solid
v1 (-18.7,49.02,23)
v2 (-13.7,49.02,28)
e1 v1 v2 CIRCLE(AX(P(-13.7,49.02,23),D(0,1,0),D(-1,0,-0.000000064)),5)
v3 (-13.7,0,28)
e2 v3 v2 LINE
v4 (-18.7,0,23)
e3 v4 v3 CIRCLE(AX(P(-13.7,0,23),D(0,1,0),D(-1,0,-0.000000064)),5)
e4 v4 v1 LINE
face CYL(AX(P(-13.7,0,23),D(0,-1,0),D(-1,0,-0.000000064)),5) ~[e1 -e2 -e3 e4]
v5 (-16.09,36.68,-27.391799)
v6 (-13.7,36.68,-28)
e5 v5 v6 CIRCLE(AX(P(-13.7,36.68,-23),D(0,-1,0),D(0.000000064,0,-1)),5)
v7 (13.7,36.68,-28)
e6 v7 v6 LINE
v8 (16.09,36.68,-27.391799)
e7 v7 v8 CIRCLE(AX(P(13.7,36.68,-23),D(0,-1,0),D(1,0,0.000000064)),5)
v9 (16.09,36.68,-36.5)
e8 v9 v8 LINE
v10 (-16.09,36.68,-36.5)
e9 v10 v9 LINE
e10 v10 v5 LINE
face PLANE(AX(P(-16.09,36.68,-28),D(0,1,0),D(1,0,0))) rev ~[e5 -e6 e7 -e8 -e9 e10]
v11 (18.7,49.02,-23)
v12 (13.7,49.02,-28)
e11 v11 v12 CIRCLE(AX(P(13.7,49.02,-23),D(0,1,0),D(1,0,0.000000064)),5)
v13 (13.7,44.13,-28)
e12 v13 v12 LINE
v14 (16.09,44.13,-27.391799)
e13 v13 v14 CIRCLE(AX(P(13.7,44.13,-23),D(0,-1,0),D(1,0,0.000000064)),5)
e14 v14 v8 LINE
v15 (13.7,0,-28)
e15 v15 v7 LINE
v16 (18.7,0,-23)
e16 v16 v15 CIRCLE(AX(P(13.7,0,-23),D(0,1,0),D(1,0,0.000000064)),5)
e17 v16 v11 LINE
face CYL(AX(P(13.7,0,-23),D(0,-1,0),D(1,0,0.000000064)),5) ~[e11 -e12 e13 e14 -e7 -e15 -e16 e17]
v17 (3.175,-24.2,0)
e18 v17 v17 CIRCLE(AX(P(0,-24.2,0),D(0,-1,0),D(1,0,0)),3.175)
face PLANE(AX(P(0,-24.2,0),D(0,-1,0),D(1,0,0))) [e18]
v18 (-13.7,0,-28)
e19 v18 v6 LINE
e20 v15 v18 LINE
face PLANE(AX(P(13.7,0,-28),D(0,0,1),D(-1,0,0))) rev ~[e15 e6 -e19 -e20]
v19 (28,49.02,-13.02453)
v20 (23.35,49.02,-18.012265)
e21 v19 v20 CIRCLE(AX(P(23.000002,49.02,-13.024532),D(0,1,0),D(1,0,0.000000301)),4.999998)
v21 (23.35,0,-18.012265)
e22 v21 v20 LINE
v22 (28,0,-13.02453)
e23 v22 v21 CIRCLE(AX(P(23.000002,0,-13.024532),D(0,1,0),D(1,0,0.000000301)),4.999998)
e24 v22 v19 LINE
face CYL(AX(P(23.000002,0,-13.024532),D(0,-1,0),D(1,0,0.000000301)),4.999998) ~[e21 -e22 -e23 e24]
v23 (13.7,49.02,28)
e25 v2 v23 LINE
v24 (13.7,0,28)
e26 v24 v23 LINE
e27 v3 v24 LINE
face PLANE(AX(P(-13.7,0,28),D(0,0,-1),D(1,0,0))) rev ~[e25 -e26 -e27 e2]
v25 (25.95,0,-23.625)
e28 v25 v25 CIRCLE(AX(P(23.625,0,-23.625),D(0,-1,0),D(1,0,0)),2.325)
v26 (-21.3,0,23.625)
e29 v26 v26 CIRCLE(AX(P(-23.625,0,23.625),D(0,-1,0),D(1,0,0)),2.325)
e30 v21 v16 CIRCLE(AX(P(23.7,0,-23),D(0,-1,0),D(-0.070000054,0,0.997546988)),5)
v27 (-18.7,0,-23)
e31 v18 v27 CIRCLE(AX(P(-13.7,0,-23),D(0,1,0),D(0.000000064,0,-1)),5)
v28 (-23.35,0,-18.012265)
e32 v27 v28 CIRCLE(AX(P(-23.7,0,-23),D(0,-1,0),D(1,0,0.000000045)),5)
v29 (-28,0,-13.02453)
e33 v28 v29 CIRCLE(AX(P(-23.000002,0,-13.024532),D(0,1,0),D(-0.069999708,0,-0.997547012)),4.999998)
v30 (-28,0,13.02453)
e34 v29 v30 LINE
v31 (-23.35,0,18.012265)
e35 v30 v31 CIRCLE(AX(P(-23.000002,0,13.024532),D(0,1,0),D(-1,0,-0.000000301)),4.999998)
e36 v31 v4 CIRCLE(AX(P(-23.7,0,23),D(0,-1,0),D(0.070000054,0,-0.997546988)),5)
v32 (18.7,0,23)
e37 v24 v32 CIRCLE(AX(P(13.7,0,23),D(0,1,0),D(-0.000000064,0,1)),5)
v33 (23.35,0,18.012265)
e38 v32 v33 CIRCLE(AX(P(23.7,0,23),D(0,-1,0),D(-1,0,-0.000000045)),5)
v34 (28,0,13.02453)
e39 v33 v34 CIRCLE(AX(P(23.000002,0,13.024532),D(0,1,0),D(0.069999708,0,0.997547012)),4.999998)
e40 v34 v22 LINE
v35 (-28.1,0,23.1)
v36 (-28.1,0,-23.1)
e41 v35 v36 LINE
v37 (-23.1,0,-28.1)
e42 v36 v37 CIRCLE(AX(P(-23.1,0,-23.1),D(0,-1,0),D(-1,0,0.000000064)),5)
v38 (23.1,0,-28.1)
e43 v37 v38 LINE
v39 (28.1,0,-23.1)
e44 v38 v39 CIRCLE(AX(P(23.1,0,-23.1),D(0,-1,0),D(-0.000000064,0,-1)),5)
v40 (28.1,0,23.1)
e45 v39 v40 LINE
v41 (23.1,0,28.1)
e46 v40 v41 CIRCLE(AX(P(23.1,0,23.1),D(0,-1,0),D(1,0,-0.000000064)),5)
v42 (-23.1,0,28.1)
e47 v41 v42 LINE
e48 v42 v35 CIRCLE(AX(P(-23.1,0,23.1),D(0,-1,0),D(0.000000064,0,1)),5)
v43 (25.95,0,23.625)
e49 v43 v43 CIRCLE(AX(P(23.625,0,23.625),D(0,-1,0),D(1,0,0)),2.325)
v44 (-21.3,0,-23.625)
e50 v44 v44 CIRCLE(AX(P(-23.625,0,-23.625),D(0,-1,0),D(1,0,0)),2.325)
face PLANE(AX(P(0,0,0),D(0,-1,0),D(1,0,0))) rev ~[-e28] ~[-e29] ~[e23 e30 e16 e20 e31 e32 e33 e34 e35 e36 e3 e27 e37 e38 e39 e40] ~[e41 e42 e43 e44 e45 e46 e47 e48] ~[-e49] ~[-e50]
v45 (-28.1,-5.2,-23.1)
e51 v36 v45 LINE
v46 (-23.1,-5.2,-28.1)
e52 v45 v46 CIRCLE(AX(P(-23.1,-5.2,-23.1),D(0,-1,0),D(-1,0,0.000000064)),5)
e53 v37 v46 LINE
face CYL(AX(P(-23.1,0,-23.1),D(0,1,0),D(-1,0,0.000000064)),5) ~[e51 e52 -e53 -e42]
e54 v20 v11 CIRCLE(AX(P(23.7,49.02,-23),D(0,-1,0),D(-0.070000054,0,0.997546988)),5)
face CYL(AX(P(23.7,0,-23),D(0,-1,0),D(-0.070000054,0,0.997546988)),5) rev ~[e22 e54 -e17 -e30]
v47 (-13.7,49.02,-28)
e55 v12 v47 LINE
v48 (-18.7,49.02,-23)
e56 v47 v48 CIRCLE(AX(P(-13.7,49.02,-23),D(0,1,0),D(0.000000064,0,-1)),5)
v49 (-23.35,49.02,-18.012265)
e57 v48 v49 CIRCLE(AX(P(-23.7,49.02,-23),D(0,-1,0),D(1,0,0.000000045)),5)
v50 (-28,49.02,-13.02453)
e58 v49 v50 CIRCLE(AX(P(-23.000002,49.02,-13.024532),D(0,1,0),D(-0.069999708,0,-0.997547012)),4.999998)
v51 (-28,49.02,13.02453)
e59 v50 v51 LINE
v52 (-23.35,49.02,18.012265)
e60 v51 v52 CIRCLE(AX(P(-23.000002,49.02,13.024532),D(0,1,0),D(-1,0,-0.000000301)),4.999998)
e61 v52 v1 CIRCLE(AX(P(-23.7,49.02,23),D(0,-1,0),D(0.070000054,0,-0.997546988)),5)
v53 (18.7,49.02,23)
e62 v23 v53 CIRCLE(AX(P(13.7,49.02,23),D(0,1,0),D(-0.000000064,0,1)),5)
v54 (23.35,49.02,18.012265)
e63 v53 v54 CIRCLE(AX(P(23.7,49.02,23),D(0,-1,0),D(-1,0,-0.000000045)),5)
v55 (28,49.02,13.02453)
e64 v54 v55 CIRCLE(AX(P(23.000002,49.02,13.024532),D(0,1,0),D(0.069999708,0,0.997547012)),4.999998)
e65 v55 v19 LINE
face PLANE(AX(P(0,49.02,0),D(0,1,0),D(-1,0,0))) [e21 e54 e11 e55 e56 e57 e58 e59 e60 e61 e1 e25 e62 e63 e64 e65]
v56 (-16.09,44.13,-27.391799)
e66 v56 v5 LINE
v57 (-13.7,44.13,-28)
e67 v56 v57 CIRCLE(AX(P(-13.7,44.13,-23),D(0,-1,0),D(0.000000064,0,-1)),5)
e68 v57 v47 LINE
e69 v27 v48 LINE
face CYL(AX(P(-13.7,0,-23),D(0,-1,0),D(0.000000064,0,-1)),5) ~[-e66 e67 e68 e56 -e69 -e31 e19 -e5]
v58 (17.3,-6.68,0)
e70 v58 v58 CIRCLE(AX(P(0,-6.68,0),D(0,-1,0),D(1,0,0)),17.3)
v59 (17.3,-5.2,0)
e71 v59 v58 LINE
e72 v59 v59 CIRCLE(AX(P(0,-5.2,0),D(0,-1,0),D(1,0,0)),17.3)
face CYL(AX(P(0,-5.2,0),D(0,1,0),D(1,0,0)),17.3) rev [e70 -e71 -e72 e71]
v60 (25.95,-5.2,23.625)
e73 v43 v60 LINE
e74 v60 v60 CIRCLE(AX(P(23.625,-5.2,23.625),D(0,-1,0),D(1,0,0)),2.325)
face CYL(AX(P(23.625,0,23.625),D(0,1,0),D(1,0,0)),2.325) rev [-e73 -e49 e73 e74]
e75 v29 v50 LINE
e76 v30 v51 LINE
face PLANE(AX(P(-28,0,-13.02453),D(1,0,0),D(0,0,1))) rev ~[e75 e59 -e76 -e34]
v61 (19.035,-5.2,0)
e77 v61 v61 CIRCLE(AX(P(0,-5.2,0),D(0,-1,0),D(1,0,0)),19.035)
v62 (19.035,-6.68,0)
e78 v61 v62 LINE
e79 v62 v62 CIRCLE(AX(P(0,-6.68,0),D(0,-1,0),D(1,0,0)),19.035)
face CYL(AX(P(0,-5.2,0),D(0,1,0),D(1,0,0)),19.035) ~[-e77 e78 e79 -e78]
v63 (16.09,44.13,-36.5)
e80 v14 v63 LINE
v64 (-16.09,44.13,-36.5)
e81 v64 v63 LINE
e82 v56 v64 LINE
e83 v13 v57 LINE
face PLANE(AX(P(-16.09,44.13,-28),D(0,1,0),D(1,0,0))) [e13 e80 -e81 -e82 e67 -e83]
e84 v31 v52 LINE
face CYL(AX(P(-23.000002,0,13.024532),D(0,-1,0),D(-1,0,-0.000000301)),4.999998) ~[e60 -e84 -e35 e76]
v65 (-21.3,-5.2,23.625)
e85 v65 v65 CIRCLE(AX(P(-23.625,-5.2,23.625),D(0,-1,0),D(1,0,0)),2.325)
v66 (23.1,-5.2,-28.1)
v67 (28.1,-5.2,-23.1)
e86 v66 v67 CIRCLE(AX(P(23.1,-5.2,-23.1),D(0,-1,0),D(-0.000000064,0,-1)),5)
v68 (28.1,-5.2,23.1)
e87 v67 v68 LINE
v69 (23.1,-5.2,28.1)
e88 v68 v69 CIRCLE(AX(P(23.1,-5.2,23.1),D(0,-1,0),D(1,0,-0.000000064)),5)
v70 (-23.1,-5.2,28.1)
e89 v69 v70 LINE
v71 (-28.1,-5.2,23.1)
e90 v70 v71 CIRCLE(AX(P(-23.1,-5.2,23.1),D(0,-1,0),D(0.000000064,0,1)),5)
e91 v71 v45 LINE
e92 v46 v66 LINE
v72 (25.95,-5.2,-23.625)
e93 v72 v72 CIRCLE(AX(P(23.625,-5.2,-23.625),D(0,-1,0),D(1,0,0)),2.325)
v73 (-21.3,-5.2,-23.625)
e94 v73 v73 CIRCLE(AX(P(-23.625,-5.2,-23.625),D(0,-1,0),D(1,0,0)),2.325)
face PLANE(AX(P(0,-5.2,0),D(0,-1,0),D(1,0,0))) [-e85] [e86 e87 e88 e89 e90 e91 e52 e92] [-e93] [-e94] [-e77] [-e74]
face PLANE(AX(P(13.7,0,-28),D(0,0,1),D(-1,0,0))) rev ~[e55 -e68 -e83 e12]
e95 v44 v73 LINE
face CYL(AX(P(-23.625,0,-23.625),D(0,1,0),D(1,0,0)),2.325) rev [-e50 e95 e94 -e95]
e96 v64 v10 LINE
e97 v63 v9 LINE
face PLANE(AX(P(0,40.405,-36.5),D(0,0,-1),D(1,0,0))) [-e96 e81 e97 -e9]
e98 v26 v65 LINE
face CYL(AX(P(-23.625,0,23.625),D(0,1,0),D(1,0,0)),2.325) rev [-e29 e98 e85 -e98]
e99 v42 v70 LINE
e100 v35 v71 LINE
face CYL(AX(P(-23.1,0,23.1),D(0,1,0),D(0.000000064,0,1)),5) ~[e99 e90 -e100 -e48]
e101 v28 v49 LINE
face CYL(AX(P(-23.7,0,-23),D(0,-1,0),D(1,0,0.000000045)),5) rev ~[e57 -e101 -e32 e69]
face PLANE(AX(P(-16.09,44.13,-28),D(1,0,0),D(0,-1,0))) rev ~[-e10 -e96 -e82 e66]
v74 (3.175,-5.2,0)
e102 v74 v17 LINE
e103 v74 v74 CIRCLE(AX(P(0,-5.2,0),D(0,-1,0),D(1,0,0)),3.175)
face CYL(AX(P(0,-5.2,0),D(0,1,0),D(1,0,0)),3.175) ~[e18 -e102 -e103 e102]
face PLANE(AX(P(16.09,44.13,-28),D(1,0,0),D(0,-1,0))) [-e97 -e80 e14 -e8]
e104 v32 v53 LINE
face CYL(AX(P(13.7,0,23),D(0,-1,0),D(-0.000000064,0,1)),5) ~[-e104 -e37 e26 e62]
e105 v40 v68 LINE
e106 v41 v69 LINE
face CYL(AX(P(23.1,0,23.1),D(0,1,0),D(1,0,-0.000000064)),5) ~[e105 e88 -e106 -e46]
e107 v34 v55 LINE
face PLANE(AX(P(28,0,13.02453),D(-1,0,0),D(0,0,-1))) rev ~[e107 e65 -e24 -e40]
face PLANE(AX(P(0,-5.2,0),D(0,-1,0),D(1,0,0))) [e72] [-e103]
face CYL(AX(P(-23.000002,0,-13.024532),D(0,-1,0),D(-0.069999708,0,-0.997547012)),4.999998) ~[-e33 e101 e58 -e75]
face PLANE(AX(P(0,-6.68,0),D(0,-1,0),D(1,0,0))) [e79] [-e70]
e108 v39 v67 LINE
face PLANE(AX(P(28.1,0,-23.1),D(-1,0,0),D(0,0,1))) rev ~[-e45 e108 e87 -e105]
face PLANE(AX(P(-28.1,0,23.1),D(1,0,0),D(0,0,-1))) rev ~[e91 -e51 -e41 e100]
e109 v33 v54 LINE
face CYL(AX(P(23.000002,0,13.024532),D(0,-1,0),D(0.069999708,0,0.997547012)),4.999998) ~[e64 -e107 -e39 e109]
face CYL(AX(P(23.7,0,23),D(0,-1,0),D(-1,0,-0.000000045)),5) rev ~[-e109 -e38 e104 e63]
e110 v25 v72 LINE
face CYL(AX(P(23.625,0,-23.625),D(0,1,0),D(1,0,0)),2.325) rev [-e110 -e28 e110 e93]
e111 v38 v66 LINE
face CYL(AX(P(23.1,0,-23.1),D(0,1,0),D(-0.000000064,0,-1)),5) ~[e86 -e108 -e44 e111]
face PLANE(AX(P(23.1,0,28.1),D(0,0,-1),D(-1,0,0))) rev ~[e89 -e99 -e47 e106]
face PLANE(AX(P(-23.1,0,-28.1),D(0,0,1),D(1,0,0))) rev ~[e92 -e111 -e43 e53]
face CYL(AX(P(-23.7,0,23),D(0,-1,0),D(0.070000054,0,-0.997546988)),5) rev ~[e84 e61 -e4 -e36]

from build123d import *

# Parameters (mm, degrees)
F0_R     = 2.325
F1_DEPTH = 5.2
F2_R     = 19.035
F2_R_2   = 17.3
F3_DEPTH = 1.48
F6_DEPTH = 49.02
F4_R     = 3.175
F7_DEPTH = 19
F8_W     = 32.18
F8_H     = 7.45
F9_DEPTH = 8.5


with BuildPart() as f1:
    # F0 (on Front) → F1 (new body)
    with BuildSketch(Plane.XZ):
        with BuildLine():
            ThreePointArc((28.1, 23.1), (26.635534, 26.635534), (23.1, 28.1))
            Line((23.1, 28.1), (-23.1, 28.1))
            ThreePointArc((-23.1, 28.1), (-26.635534, 26.635534), (-28.1, 23.1))
            Line((-28.1, 23.1), (-28.1, -23.1))
            ThreePointArc((-28.1, -23.1), (-26.635534, -26.635534), (-23.1, -28.1))
            Line((-23.1, -28.1), (23.1, -28.1))
            ThreePointArc((23.1, -28.1), (26.635534, -26.635534), (28.1, -23.1))
            Line((28.1, -23.1), (28.1, 23.1))
        make_face()
        with Locations((-23.625, -23.625)):
            Circle(F0_R, mode=Mode.SUBTRACT)
        with Locations((23.625, -23.625)):
            Circle(F0_R, mode=Mode.SUBTRACT)
        with Locations((-23.625, 23.625)):
            Circle(F0_R, mode=Mode.SUBTRACT)
        with Locations((23.625, 23.625)):
            Circle(F0_R, mode=Mode.SUBTRACT)
    extrude(amount=F1_DEPTH)

    # F2 (on face) → F3 (join)
    with BuildSketch(Plane.XZ.offset(5.2)):
        Circle(F2_R)
        Circle(F2_R_2, mode=Mode.SUBTRACT)
    extrude(amount=F3_DEPTH)

    # F5 (on face) → F6 (join)
    with BuildSketch(Plane(origin=(0, 0, 0), x_dir=(-1, 0, 0), z_dir=(0, 1, 0))):
        with BuildLine():
            Line((13.7, 28), (-13.7, 28))
            ThreePointArc((-13.7, 28), (-17.235534, 26.535534), (-18.7, 23))
            ThreePointArc((-18.7, 23), (-20.042815, 19.590455), (-23.35, 18.012265))
            ThreePointArc((-23.35, 18.012265), (-26.657185, 16.434076), (-28, 13.02453))
            Line((-28, 13.02453), (-28, -13.02453))
            ThreePointArc((-28, -13.02453), (-26.657185, -16.434076), (-23.35, -18.012265))
            ThreePointArc((-23.35, -18.012265), (-20.042815, -19.590455), (-18.7, -23))
            ThreePointArc((-18.7, -23), (-17.235534, -26.535534), (-13.7, -28))
            Line((-13.7, -28), (13.7, -28))
            ThreePointArc((13.7, -28), (17.235534, -26.535534), (18.7, -23))
            ThreePointArc((18.7, -23), (20.042815, -19.590455), (23.35, -18.012265))
            ThreePointArc((23.35, -18.012265), (26.657185, -16.434076), (28, -13.02453))
            Line((28, -13.02453), (28, 13.02453))
            ThreePointArc((28, 13.02453), (26.657185, 16.434076), (23.35, 18.012265))
            ThreePointArc((23.35, 18.012265), (20.042815, 19.590455), (18.7, 23))
            ThreePointArc((18.7, 23), (17.235534, 26.535534), (13.7, 28))
        make_face()
    extrude(amount=F6_DEPTH)

    # F4 (on face) → F7 (join)
    with BuildSketch(Plane.XZ.offset(5.2)):
        Circle(F4_R)
    extrude(amount=F7_DEPTH)

    # F8 (on face) → F9 (join, symmetric)
    with BuildSketch(Plane(origin=(0, 0, -28), x_dir=(1, 0, 0), z_dir=(0, 0, -1))):
        with Locations((0, -40.405)):
            Rectangle(F8_W, F8_H)
    extrude(amount=F9_DEPTH, both=True)


solid = f1.part
